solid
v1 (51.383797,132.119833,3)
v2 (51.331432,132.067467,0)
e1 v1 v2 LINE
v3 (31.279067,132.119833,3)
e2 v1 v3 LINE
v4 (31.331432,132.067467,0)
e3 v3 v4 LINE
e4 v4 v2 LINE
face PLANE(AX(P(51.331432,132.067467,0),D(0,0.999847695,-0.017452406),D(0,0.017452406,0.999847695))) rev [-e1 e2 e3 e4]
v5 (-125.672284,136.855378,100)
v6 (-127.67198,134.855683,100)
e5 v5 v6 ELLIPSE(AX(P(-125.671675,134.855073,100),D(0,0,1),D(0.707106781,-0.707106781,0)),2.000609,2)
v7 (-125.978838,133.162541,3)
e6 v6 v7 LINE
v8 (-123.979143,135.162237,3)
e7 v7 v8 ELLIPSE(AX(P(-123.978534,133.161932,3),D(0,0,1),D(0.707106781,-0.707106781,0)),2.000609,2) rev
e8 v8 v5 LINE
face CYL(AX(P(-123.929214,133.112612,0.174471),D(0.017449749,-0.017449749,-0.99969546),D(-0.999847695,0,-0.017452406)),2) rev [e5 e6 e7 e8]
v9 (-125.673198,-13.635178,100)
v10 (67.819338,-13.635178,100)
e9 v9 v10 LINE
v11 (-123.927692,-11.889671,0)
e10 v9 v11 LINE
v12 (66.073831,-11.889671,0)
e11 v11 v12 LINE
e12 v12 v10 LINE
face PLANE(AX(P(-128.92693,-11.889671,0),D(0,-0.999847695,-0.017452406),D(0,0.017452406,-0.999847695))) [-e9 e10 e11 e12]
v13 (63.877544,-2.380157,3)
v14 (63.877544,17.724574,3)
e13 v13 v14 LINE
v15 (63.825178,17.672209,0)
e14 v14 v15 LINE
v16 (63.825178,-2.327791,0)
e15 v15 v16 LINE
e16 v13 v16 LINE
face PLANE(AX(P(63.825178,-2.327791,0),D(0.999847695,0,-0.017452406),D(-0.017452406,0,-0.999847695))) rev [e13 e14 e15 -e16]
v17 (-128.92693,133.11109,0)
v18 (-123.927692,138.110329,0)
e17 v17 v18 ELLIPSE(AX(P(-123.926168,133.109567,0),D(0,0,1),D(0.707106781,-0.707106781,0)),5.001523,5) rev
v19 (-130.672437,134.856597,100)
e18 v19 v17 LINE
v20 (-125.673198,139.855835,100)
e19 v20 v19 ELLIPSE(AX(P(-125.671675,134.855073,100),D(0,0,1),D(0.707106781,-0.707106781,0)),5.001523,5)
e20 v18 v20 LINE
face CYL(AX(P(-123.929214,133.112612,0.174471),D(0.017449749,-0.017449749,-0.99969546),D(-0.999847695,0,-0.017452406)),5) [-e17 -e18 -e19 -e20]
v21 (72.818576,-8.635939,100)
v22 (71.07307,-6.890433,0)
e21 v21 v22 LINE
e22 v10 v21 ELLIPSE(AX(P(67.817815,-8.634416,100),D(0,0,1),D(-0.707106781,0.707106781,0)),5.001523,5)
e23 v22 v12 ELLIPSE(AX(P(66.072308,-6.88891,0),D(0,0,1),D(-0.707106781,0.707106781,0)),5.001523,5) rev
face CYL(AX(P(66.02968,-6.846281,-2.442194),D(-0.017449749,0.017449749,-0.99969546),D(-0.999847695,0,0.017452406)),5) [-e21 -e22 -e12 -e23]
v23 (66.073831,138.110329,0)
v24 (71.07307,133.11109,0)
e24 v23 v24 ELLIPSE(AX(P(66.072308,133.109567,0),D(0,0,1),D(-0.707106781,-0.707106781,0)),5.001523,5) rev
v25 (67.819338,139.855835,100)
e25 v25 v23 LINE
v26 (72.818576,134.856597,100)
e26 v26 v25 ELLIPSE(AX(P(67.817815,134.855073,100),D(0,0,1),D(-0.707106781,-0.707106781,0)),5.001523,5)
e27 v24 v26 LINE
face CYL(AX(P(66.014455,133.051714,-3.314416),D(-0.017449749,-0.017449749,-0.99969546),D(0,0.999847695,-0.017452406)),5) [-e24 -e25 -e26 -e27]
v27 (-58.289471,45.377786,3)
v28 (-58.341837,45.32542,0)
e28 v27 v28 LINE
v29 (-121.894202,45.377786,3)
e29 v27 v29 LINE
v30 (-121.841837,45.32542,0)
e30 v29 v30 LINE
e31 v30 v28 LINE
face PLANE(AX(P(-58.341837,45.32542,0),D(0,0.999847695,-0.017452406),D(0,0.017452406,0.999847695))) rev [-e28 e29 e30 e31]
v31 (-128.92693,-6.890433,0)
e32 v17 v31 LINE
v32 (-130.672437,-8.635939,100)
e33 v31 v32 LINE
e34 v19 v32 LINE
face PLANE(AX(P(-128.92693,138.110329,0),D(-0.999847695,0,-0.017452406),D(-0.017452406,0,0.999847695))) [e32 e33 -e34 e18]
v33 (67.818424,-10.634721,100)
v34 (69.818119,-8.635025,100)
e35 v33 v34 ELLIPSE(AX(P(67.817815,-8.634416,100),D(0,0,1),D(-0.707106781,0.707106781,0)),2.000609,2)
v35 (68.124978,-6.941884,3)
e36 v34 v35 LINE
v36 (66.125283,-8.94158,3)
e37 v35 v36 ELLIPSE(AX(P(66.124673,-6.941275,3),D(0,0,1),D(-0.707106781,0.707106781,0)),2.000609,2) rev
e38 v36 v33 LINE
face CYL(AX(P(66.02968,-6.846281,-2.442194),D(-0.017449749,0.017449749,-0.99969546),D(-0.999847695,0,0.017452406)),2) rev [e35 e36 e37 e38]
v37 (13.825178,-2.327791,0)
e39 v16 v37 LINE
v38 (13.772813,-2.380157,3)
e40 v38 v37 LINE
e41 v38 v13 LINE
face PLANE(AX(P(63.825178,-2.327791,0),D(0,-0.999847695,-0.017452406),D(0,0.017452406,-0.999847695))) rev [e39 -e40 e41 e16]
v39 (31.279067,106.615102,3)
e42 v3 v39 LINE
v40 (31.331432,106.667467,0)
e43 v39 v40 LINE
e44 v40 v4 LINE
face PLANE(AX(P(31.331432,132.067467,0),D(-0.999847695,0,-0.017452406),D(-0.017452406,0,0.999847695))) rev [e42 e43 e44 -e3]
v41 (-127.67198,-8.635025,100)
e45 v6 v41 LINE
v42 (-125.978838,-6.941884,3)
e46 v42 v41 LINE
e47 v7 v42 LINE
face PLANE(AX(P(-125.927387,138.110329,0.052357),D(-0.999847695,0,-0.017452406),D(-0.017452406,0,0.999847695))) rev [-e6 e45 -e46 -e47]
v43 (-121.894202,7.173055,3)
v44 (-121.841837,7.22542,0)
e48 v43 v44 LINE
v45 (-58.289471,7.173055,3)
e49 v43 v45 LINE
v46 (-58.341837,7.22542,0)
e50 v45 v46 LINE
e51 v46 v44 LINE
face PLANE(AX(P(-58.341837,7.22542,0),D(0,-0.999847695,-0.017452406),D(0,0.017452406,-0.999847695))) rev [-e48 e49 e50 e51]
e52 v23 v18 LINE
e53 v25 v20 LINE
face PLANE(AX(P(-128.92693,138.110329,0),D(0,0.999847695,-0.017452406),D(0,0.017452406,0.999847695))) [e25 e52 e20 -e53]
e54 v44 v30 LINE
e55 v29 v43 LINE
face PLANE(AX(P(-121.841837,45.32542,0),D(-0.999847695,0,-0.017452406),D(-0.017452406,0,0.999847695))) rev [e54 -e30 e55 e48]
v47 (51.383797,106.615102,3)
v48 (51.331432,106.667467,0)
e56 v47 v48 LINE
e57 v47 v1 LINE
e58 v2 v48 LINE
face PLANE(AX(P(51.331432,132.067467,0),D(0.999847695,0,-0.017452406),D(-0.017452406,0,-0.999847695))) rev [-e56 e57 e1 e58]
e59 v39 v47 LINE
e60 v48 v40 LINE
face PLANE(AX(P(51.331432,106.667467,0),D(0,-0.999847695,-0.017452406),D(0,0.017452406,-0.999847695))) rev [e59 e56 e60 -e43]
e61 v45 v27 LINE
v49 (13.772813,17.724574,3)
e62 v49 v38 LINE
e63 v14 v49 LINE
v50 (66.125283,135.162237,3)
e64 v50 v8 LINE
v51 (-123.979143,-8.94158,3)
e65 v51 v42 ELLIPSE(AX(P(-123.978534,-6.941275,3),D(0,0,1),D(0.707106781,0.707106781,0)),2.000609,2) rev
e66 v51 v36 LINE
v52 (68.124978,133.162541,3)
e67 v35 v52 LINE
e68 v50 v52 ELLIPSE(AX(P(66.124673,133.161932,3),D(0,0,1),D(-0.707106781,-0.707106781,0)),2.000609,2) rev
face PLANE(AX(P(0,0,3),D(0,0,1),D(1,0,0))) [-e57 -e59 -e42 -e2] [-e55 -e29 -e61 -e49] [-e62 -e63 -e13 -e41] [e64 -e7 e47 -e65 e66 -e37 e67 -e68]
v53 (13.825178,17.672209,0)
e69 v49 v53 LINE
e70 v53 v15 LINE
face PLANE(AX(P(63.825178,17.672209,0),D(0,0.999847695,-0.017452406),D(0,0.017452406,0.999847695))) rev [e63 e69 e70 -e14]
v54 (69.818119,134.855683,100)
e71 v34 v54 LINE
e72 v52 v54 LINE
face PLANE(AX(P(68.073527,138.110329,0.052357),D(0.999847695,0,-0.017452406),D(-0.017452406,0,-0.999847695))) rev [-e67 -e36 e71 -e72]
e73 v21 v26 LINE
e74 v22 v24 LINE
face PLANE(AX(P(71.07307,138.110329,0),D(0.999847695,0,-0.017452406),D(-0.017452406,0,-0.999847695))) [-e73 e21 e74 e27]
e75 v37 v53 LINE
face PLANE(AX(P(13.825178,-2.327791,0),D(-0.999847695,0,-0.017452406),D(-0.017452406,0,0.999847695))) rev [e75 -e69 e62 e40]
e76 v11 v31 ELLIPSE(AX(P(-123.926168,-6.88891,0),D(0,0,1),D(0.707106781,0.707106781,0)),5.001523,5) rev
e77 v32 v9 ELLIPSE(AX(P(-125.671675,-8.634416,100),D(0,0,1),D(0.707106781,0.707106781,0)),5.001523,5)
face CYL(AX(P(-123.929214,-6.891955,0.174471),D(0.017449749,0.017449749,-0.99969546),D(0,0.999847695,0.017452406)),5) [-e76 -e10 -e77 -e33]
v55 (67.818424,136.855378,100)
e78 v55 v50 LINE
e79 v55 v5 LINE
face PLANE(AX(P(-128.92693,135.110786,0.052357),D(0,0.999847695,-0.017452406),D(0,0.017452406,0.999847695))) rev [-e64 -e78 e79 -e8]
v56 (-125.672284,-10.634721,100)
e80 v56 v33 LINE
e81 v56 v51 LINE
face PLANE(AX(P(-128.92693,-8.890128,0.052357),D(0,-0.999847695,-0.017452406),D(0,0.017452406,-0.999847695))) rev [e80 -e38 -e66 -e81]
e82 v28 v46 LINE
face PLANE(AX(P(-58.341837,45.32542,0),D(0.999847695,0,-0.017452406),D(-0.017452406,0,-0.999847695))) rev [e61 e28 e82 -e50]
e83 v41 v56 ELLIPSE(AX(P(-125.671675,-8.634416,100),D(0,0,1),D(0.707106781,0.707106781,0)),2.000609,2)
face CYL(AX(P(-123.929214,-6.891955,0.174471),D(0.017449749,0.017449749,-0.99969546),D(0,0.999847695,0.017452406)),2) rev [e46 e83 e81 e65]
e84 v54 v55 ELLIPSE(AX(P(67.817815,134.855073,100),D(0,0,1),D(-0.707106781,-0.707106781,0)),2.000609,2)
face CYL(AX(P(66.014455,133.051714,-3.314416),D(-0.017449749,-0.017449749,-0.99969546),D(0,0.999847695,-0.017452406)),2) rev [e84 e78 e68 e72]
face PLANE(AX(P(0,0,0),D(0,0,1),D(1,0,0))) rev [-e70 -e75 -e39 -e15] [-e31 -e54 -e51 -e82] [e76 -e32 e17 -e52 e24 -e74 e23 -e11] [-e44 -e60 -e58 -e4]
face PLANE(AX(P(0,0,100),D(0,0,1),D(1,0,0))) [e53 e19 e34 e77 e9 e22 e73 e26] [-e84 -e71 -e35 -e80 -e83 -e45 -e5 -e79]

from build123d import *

# Parameters (mm, degrees)
SKETCH3_W           = 200
SKETCH3_H           = 150
BOSS_EXTRUDE1_DEPTH = 100
BOSS_EXTRUDE1_TAPER = -1
FILLET1_R           = 5
SHELL1_T            = -3
SKETCH10_W          = 20
SKETCH10_H          = 25.4
SKETCH10_W_2        = 50
SKETCH10_H_2        = 20
CUT_EXTRUDE6_DEPTH  = 59.614
CUT_EXTRUDE6_TAPER  = -1
SKETCH12_W          = 63.5
SKETCH12_H          = 38.1
CUT_EXTRUDE7_DEPTH  = 100
CUT_EXTRUDE7_TAPER  = -1


with BuildPart() as part:
    # Sketch3 → Boss-Extrude1 (new body)
    with BuildSketch(Plane.XY):
        with Locations((-28.926930074, 63.110328622)):
            Rectangle(SKETCH3_W, SKETCH3_H)
    extrude(amount=BOSS_EXTRUDE1_DEPTH, taper=BOSS_EXTRUDE1_TAPER)

    # Fillet1
    fillet1_edges = [part.edges().sort_by_distance(p)[0] for p in [
        (71.945823172, -12.762424624, 50),
        (-129.799683321, -12.762424624, 50),
        (-129.799683321, 138.983081869, 50),
        (71.945823172, 138.983081869, 50),
    ]]
    fillet(fillet1_edges, radius=FILLET1_R)

    # Shell1
    shell1_openings = [part.faces().sort_by_distance(p)[0] for p in [
        (-28.926930074, 63.110328622, 100),
    ]]
    offset(amount=SHELL1_T, openings=shell1_openings, kind=Kind.INTERSECTION)

    # Sketch10 → Cut-Extrude6 (cut)
    with BuildSketch(Plane(origin=(0, 0, 0), x_dir=(-1, 0, 0), z_dir=(0, 0, -1))):
        with Locations((-41.331432063, 119.367467356)):
            Rectangle(SKETCH10_W, SKETCH10_H)
        with Locations((-38.825178327, 7.672208688)):
            Rectangle(SKETCH10_W_2, SKETCH10_H_2)
    extrude(amount=-CUT_EXTRUDE6_DEPTH, taper=CUT_EXTRUDE6_TAPER, mode=Mode.SUBTRACT)

    # Sketch12 → Cut-Extrude7 (cut)
    with BuildSketch(Plane(origin=(0, 0, 0), x_dir=(-1, 0, 0), z_dir=(0, 0, -1))):
        with Locations((90.091836521, 26.275420471)):
            Rectangle(SKETCH12_W, SKETCH12_H)
    extrude(amount=-CUT_EXTRUDE7_DEPTH, taper=CUT_EXTRUDE7_TAPER, mode=Mode.SUBTRACT)


solid = part.part
